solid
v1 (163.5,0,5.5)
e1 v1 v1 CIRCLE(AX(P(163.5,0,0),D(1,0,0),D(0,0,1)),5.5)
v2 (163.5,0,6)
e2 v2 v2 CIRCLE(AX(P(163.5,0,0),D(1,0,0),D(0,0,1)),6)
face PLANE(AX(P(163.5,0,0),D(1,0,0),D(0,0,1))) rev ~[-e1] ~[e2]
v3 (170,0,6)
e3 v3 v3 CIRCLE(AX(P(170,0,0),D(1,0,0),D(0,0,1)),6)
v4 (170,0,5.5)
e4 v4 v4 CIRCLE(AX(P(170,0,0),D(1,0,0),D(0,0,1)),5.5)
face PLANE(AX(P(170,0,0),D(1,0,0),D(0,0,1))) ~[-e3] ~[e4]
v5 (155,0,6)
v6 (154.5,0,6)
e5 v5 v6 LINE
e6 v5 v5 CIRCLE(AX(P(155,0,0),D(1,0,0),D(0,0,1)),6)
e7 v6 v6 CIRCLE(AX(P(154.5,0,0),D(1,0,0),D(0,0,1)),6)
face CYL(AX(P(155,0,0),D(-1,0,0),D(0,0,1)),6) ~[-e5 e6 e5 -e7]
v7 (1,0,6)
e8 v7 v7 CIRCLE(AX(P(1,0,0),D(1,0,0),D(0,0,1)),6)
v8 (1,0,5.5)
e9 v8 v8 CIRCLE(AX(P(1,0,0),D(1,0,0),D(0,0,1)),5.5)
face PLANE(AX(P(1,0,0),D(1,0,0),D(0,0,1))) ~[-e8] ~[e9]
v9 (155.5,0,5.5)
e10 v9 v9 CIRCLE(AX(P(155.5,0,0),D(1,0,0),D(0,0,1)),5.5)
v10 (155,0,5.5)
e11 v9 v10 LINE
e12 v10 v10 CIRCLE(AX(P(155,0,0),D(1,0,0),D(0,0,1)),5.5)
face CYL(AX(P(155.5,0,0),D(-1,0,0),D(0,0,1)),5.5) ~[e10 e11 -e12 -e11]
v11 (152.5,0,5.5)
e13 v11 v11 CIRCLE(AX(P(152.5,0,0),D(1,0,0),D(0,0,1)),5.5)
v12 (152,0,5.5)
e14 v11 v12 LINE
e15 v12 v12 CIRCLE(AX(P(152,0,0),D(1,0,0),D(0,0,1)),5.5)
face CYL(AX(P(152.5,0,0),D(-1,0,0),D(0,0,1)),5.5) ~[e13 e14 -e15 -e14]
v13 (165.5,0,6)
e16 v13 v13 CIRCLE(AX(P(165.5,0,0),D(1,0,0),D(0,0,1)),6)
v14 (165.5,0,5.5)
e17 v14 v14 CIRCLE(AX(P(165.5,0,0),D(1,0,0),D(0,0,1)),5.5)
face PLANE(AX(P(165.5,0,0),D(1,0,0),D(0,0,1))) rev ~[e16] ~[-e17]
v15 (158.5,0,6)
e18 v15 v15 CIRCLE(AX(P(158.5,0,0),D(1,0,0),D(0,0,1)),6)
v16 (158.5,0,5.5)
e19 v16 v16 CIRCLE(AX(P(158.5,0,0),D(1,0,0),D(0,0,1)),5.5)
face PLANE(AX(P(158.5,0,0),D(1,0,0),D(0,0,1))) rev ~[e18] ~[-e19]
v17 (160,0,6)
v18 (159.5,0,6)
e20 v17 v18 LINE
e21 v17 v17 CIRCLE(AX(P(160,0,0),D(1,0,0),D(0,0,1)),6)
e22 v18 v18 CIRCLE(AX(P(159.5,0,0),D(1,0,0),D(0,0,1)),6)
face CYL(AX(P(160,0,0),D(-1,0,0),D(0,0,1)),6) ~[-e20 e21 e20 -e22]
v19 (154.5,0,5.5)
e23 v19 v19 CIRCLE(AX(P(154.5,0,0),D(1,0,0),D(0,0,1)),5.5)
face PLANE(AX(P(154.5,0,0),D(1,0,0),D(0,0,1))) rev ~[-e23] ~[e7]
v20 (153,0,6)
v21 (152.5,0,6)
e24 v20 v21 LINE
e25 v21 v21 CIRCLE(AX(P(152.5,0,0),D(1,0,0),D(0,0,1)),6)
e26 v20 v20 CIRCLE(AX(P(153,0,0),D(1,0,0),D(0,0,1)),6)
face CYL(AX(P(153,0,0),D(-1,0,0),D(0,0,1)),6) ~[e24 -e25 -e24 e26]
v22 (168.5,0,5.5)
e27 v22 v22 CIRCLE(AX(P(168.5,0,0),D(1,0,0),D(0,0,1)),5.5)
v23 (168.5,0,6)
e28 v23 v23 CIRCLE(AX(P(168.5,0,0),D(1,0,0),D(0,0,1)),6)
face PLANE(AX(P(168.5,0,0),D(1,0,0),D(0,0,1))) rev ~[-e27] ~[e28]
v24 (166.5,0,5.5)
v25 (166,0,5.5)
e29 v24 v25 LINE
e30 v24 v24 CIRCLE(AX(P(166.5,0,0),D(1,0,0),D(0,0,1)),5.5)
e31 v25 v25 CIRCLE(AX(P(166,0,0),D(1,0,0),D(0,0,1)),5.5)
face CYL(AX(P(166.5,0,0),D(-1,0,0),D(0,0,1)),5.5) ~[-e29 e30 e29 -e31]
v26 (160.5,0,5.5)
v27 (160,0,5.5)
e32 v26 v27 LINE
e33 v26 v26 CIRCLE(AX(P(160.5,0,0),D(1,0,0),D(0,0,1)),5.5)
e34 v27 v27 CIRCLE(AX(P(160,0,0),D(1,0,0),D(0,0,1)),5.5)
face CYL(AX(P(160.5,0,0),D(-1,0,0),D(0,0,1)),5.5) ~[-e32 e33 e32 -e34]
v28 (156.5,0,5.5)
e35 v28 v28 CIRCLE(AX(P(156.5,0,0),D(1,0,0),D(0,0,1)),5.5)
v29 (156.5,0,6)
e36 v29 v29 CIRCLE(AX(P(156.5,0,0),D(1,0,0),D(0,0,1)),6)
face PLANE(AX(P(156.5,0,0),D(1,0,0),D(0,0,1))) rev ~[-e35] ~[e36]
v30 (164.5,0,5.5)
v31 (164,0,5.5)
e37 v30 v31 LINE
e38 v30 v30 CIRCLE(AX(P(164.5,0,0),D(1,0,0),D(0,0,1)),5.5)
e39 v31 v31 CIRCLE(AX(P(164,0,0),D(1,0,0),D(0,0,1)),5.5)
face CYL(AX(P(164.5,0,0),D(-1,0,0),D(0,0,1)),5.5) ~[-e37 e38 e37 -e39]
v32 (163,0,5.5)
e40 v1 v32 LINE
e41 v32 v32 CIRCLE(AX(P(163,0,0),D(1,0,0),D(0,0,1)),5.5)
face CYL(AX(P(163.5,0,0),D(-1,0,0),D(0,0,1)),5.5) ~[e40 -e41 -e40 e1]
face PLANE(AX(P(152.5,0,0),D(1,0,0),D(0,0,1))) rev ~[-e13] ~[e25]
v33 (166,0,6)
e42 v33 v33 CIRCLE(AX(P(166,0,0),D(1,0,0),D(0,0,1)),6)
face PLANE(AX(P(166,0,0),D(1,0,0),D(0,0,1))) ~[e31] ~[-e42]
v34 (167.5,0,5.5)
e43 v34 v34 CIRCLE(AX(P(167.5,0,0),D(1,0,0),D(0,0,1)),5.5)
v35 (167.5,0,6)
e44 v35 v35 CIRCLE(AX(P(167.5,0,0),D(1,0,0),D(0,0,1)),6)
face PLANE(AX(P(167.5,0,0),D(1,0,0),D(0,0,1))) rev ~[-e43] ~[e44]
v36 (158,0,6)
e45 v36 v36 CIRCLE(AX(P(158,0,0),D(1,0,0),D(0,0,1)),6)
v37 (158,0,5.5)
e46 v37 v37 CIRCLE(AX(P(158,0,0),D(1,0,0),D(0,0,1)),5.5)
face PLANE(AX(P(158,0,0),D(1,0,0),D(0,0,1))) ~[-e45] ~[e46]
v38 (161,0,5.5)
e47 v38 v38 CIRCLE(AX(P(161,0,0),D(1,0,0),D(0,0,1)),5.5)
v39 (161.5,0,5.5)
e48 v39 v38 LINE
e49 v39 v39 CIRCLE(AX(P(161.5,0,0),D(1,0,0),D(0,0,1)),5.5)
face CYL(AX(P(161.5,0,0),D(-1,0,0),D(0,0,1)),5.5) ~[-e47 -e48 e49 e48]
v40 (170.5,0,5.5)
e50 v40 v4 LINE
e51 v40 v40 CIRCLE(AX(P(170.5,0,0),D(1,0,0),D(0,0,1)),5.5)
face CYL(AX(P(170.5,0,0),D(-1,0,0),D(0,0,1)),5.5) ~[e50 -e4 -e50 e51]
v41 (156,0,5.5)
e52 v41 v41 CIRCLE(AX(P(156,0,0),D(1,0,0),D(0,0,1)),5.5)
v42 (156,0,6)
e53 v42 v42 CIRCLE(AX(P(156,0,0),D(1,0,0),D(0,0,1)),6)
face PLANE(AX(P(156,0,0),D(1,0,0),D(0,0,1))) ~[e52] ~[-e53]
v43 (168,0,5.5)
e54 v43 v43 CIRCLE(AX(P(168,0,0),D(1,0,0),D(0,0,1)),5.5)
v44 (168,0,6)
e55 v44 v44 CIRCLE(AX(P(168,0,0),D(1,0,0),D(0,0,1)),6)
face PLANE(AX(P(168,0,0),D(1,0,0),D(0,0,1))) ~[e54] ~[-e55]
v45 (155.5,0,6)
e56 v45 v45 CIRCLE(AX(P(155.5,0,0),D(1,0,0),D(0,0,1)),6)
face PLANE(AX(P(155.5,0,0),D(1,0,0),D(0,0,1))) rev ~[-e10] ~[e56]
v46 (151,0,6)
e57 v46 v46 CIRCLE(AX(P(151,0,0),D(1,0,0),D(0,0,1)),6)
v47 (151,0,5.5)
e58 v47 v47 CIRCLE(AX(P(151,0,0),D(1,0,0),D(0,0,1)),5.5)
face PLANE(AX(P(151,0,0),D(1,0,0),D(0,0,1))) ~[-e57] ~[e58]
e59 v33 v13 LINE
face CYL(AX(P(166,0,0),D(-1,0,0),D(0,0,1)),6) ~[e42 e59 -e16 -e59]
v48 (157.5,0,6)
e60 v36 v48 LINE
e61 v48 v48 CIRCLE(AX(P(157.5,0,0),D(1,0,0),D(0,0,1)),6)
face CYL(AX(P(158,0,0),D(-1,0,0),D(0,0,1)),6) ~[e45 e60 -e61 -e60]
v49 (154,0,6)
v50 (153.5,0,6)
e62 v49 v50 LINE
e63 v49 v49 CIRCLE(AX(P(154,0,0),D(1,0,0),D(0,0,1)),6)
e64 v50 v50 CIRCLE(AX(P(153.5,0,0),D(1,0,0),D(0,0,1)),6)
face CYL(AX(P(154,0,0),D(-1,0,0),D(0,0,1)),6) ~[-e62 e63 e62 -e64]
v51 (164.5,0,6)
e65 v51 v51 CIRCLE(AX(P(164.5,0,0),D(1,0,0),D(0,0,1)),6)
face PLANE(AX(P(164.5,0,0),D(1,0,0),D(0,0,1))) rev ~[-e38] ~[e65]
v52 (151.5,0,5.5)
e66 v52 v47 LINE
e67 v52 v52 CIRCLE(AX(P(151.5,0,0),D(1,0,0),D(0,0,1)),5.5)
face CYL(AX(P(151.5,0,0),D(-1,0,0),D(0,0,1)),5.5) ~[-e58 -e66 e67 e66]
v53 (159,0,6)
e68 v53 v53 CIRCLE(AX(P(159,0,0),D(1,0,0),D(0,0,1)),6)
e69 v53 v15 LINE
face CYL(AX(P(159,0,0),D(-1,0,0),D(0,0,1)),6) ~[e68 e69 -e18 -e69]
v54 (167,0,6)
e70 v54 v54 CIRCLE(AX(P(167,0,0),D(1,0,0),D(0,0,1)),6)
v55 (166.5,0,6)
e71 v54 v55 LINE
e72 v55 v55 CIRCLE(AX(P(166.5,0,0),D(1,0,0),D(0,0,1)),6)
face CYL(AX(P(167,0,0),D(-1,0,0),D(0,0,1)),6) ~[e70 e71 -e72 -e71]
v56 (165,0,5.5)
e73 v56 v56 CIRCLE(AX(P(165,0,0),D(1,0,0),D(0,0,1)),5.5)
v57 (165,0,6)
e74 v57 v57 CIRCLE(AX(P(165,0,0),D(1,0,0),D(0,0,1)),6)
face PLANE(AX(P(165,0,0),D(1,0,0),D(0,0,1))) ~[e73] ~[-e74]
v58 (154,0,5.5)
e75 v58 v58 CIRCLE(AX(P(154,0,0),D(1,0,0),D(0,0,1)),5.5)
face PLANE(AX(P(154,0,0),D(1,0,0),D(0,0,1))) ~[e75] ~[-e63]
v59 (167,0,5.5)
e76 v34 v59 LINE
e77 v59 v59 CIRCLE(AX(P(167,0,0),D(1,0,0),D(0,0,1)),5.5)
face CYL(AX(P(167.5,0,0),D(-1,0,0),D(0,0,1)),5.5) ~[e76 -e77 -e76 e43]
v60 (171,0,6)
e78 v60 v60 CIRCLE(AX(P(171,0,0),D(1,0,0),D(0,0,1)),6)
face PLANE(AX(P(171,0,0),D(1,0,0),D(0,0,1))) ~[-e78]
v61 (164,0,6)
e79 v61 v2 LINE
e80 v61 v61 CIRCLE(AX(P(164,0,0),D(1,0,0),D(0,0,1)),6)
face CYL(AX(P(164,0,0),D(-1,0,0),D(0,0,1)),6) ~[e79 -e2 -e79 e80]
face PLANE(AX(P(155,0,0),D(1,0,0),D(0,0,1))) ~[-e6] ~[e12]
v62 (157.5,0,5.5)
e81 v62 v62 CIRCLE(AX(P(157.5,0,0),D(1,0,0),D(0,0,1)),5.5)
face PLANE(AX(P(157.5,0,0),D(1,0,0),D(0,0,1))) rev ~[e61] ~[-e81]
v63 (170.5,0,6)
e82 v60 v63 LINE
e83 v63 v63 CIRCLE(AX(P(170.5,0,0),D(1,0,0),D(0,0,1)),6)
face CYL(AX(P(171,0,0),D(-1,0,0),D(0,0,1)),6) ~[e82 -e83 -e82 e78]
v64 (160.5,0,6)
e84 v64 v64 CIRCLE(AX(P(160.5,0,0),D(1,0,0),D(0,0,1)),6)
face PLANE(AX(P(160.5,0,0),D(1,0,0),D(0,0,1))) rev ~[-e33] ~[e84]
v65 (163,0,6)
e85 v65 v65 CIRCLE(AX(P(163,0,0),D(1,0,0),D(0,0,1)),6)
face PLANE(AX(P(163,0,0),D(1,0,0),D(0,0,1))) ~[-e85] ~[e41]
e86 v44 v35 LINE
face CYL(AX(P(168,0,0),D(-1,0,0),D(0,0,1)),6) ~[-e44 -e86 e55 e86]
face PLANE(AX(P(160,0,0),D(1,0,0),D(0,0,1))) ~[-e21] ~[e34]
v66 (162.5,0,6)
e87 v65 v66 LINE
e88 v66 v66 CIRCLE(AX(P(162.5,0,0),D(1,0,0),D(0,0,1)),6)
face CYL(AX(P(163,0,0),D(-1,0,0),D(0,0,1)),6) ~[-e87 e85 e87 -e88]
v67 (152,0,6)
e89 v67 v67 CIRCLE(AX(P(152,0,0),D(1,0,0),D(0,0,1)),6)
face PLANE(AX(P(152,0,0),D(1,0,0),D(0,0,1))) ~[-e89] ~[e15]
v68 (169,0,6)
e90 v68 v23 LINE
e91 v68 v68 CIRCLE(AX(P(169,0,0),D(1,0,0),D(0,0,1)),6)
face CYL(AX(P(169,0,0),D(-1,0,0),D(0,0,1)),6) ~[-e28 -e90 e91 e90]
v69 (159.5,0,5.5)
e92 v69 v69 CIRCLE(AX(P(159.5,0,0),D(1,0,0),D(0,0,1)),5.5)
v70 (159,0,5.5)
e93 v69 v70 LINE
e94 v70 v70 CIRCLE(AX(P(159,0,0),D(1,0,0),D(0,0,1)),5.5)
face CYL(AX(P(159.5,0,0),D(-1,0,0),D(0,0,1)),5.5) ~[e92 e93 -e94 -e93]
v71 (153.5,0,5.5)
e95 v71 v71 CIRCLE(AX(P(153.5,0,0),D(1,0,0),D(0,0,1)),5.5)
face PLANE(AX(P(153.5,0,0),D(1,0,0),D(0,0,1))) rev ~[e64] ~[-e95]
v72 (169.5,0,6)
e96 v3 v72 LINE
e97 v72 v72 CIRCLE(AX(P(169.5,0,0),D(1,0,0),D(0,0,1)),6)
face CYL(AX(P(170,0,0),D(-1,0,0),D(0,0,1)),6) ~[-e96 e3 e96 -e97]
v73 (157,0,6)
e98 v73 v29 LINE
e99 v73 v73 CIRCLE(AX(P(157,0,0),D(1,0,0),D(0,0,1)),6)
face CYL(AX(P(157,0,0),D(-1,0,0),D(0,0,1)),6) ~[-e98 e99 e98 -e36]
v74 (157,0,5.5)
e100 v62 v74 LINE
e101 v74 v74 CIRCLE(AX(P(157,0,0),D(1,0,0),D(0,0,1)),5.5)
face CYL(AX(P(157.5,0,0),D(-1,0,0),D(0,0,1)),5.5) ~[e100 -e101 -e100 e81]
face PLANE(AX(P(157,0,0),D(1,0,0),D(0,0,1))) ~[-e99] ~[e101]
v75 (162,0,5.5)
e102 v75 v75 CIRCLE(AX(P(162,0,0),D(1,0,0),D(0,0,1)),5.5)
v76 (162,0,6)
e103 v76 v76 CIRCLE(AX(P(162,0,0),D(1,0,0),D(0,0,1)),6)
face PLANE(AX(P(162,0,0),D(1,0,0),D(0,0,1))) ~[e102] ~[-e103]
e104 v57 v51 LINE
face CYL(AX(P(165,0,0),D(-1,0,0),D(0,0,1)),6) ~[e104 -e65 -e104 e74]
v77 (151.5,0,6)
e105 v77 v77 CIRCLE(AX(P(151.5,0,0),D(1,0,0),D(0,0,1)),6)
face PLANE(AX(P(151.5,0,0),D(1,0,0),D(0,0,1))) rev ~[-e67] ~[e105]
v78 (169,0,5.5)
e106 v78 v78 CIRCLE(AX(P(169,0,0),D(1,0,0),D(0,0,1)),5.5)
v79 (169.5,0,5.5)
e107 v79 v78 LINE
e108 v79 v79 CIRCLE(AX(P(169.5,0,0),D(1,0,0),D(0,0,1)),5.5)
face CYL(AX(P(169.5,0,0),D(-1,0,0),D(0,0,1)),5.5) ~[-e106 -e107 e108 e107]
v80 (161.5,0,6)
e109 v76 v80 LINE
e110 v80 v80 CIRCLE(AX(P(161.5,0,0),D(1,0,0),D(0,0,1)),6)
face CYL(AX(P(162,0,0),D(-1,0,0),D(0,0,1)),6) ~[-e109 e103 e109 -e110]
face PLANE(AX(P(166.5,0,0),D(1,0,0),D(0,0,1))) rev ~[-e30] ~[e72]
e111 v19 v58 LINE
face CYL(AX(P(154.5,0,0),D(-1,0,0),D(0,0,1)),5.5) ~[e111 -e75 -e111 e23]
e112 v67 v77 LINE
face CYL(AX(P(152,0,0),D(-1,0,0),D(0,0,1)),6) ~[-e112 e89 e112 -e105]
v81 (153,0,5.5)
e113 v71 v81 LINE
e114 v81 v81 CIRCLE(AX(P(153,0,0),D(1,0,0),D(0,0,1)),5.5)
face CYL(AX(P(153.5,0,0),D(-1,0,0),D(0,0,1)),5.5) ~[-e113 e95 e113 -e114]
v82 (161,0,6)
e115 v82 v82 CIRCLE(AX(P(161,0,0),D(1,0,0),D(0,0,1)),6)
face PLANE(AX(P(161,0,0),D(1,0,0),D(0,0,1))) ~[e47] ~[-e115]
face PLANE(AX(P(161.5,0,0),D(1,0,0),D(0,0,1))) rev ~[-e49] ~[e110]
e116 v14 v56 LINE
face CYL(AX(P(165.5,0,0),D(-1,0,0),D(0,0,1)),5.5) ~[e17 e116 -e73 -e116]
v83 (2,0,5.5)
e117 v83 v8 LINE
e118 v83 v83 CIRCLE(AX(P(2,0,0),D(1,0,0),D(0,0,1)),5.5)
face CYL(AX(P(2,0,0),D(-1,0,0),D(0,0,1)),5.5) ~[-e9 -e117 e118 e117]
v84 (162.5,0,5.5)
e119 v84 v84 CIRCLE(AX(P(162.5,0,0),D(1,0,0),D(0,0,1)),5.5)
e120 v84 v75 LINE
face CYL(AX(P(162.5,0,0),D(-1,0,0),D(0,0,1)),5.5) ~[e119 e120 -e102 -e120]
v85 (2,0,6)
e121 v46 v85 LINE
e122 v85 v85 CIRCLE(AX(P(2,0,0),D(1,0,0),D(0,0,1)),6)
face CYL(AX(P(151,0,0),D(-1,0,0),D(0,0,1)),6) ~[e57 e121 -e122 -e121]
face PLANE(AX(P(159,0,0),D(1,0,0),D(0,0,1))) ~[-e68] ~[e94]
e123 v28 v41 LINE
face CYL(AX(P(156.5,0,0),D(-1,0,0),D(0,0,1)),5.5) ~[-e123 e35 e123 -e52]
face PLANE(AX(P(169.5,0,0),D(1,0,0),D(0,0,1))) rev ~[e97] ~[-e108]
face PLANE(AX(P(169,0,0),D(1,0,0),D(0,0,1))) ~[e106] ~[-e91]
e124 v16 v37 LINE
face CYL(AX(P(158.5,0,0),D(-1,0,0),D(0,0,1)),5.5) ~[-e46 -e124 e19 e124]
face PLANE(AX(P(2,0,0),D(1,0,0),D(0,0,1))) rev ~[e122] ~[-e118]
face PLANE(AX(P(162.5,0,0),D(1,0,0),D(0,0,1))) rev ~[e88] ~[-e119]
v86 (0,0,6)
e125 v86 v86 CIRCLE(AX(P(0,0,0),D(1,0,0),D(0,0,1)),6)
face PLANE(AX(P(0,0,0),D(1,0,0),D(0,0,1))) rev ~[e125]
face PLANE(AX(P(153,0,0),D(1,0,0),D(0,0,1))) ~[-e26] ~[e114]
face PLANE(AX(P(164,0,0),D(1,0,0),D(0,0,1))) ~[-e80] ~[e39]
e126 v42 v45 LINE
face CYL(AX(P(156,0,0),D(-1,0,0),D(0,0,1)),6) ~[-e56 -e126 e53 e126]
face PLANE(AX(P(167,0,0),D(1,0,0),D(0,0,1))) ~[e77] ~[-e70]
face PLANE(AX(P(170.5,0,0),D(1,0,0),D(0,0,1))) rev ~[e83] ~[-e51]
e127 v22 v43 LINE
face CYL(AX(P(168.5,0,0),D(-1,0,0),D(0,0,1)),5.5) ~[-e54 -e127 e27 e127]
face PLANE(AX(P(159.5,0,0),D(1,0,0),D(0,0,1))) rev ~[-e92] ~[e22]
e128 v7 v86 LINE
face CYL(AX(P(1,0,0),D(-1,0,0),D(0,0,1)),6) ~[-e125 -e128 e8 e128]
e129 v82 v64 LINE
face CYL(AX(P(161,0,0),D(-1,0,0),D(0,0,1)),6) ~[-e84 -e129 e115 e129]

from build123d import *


with BuildPart() as part:
    # Sketch1 → Revolve1 (revolve)
    with BuildSketch(Plane.XY, mode=Mode.PRIVATE) as revolve1_sk:
        Polygon((0, 0), (171, 0), (171, 5.5), (171, 6), (170.5, 6), (170.5, 5.5), (170, 5.5), (170, 6), (169.5, 6), (169.5, 5.5), (169, 5.5), (169, 6), (168.5, 6), (168.5, 5.5), (168, 5.5), (168, 6), (167.5, 6), (167.5, 5.5), (167, 5.5), (167, 6), (166.5, 6), (166.5, 5.5), (166, 5.5), (166, 6), (165.5, 6), (165.5, 5.5), (165, 5.5), (165, 6), (164.5, 6), (164.5, 5.5), (164, 5.5), (164, 6), (163.5, 6), (163.5, 5.5), (163, 5.5), (163, 6), (162.5, 6), (162.5, 5.5), (162, 5.5), (162, 6), (161.5, 6), (161.5, 5.5), (161, 5.5), (161, 6), (160.5, 6), (160.5, 5.5), (160, 5.5), (160, 6), (159.5, 6), (159.5, 5.5), (159, 5.5), (159, 6), (158.5, 6), (158.5, 5.5), (158, 5.5), (158, 6), (157.5, 6), (157.5, 5.5), (157, 5.5), (157, 6), (156.5, 6), (156.5, 5.5), (156, 5.5), (156, 6), (155.5, 6), (155.5, 5.5), (155, 5.5), (155, 6), (154.5, 6), (154.5, 5.5), (154, 5.5), (154, 6), (153.5, 6), (153.5, 5.5), (153, 5.5), (153, 6), (152.5, 6), (152.5, 5.5), (152, 5.5), (152, 6), (151.5, 6), (151.5, 5.5), (151, 5.5), (151, 6), (121, 6), (47, 6), (2, 6), (2, 5.5), (1, 5.5), (1, 6), (0, 6), align=None)
    revolve(revolve1_sk.sketch.rotate(Axis((0, 0, 0), (1, 0, 0)), 90), axis=Axis((0, 0, 0), (1, 0, 0)))


solid = part.part
